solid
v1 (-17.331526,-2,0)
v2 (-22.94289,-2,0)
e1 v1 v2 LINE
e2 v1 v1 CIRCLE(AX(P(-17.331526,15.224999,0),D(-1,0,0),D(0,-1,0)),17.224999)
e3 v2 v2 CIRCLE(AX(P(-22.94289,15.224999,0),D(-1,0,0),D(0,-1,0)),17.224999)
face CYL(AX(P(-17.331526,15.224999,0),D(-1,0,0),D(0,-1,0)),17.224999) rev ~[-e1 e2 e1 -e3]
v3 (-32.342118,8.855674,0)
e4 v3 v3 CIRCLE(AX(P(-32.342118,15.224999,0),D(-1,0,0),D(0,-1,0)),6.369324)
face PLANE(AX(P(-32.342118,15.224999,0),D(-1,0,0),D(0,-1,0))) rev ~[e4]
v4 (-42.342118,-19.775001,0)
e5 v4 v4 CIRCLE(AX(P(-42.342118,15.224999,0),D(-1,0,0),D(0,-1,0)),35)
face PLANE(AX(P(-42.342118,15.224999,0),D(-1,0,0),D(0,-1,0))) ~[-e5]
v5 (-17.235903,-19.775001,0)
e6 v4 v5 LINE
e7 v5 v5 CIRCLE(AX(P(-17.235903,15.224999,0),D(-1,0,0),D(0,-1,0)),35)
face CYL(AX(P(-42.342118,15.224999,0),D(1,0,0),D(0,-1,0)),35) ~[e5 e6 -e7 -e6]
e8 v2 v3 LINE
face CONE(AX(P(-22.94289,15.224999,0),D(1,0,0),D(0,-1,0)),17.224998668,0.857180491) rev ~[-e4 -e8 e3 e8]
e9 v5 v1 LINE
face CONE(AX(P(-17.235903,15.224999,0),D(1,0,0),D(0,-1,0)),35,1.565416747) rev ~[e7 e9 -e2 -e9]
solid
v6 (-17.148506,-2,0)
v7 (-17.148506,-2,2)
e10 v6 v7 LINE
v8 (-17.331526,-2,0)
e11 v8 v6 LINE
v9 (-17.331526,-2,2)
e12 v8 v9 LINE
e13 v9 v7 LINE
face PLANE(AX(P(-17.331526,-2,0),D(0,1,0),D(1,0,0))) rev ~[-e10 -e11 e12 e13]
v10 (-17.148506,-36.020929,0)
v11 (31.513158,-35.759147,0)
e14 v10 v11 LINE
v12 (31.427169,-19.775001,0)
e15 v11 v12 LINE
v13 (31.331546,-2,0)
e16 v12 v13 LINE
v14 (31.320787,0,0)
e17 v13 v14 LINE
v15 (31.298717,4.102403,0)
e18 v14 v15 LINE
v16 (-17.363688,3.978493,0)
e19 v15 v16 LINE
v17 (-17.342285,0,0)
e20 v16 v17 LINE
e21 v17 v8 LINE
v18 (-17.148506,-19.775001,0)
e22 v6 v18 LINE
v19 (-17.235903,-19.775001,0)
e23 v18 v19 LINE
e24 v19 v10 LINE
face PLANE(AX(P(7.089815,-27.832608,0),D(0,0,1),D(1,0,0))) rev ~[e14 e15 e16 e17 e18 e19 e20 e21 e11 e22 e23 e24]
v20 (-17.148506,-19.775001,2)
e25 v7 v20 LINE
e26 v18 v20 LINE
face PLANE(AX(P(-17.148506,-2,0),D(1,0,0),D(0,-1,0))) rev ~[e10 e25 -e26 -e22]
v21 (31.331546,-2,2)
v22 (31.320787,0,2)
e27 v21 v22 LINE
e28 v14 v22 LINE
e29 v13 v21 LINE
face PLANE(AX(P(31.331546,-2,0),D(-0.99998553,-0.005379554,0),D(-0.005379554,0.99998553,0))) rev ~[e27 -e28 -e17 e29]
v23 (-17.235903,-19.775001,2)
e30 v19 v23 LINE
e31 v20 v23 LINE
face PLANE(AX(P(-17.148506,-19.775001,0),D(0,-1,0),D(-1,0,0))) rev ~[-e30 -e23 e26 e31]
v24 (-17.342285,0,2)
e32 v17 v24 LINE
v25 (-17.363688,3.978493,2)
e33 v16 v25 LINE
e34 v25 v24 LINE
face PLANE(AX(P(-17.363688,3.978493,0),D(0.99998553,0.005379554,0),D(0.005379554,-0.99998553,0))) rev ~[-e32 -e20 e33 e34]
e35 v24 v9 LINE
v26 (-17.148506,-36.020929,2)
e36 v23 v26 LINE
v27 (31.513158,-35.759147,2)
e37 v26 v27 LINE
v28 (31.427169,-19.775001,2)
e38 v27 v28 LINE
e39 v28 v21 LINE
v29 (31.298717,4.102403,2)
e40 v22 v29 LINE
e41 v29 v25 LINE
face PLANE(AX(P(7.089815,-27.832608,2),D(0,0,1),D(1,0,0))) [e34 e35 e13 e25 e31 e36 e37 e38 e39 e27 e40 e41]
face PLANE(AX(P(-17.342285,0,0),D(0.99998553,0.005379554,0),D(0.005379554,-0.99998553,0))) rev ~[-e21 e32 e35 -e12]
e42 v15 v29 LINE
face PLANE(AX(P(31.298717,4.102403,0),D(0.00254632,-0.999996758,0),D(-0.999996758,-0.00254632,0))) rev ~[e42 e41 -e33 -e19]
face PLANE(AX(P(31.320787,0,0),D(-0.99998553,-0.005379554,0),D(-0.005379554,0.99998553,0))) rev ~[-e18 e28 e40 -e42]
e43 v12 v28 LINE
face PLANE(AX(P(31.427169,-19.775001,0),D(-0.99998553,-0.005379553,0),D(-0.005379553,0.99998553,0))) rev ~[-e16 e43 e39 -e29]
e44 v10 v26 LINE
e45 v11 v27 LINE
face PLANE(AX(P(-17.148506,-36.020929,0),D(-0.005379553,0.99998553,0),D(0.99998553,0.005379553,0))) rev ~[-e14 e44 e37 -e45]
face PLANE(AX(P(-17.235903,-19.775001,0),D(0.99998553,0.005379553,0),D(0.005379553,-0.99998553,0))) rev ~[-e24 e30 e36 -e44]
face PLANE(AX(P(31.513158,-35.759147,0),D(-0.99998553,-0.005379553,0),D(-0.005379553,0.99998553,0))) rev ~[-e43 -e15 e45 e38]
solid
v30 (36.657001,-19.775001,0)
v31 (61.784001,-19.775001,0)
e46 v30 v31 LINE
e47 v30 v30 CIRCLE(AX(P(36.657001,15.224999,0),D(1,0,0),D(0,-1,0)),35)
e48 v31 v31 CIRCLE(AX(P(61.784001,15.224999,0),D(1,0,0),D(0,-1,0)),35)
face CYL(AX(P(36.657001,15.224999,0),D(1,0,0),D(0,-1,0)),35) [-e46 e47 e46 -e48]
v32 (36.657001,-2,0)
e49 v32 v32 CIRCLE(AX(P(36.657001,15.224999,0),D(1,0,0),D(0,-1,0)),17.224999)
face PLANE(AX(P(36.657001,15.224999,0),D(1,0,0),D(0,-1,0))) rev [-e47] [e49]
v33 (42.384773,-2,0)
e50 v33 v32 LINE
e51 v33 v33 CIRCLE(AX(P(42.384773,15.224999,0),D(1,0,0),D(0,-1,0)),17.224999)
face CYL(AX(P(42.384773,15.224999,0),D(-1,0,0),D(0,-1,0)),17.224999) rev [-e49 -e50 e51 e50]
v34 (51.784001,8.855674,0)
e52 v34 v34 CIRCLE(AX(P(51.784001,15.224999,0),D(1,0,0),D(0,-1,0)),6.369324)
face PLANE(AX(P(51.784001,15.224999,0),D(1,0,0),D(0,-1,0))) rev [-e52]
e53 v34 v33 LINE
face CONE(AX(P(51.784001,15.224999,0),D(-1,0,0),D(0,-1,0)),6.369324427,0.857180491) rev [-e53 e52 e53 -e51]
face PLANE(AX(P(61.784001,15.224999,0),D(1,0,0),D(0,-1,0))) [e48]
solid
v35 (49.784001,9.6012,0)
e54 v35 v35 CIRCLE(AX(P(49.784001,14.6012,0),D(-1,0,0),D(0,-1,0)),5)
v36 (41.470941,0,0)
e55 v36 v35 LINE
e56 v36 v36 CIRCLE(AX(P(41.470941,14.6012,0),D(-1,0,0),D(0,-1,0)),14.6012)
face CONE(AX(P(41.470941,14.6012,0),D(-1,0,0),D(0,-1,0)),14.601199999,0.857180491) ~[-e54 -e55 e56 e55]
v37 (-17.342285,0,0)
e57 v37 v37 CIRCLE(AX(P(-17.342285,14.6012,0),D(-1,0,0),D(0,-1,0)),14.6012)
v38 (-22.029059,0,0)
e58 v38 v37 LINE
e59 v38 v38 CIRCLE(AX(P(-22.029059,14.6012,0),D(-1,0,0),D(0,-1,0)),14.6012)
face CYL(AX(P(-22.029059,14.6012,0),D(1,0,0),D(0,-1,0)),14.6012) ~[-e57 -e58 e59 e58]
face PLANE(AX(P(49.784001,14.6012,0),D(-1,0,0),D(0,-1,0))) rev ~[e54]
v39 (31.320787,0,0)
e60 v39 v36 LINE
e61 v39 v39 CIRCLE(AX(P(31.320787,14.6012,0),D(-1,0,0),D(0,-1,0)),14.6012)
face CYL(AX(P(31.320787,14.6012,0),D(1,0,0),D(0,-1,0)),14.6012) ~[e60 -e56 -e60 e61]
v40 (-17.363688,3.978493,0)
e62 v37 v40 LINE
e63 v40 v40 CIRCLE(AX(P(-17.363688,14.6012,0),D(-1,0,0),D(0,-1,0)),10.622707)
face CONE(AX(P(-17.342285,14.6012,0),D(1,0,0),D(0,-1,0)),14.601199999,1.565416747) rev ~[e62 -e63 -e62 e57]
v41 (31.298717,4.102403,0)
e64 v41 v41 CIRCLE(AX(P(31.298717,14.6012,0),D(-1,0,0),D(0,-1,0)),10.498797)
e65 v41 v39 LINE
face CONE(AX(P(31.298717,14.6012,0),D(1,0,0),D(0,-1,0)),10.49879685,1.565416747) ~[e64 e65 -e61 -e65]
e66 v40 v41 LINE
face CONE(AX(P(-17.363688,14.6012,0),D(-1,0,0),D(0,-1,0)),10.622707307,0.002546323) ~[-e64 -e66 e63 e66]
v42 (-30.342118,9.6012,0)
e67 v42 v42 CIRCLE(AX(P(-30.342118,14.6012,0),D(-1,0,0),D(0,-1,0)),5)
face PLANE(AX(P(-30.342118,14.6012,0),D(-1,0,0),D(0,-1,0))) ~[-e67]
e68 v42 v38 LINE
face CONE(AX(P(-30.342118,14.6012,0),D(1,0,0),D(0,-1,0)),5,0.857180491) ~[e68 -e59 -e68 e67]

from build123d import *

# Parameters (mm, degrees)
F1_DEPTH = 2


with BuildPart() as f1:
    # F0 (on Top) → F1 (new body)
    with BuildSketch(Plane.XY):
        Polygon((31.5131578421, -35.7591467008), (31.4271690327, -19.7750013322), (-17.1485058373, -19.7750013322), (-17.2359029363, -19.7750013322), (-17.1485058373, -36.0209285118), align=None)
        Polygon((31.4271690327, -19.7750013322), (31.3315460785, -2), (-17.1485058373, -2), (-17.1485058373, -19.7750013322), align=None)
        Polygon((31.3315460785, -2), (31.3207868158, 0), (-17.3422851532, 0), (-17.3315258905, -2), (-17.1485058373, -2), align=None)
        Polygon((-17.3422851532, 0), (31.3207868158, 0), (31.2987173992, 4.1024031496), (-17.3636879772, 3.9784926921), align=None)
    extrude(amount=F1_DEPTH)


with BuildPart() as f2:
    # F0 (on Top) → F2 (revolve)
    with BuildSketch(Plane.XY):
        Polygon((31.3207868158, 0), (41.4709414437, 0), (49.784000963, 9.6011999994), (49.784000963, 14.6011999994), (-30.3421180755, 14.6011999994), (-30.3421180755, 9.6011999994), (-22.0290585563, 0), (-17.3422851532, 0), (-17.3636879772, 3.9784926921), (31.2987173992, 4.1024031496), align=None)
    revolve(axis=Axis((9.7209414437, 14.6011999994, 0), (-1, 0, 0)))


with BuildPart() as f3:
    # F0 (on Top) → F3 (revolve)
    with BuildSketch(Plane.XY):
        Polygon((-17.2359029363, -19.7750013322), (-17.3315258905, -2), (-22.9428902609, -2), (-32.3421180755, 8.8556742412), (-32.3421180755, 15.2249986678), (-42.3421180755, 15.2249986678), (-42.3421180755, -19.7750013322), align=None)
    revolve(axis=Axis((-37.3421180755, 15.2249986678, 0), (-1, 0, 0)))


with BuildPart() as f4:
    # F0 (on Top) → F4 (revolve)
    with BuildSketch(Plane.XY):
        Polygon((42.3847731483, -2), (36.657000963, -2), (36.657000963, -19.7750013322), (40.592000963, -19.7750013322), (61.784000963, -19.7750013322), (61.784000963, 15.2249986678), (51.784000963, 15.2249986678), (51.784000963, 8.8556742412), align=None)
    revolve(axis=Axis((56.784000963, 15.2249986678, 0), (1, 0, 0)))


solid = Compound([f1.part, f2.part, f3.part, f4.part])
